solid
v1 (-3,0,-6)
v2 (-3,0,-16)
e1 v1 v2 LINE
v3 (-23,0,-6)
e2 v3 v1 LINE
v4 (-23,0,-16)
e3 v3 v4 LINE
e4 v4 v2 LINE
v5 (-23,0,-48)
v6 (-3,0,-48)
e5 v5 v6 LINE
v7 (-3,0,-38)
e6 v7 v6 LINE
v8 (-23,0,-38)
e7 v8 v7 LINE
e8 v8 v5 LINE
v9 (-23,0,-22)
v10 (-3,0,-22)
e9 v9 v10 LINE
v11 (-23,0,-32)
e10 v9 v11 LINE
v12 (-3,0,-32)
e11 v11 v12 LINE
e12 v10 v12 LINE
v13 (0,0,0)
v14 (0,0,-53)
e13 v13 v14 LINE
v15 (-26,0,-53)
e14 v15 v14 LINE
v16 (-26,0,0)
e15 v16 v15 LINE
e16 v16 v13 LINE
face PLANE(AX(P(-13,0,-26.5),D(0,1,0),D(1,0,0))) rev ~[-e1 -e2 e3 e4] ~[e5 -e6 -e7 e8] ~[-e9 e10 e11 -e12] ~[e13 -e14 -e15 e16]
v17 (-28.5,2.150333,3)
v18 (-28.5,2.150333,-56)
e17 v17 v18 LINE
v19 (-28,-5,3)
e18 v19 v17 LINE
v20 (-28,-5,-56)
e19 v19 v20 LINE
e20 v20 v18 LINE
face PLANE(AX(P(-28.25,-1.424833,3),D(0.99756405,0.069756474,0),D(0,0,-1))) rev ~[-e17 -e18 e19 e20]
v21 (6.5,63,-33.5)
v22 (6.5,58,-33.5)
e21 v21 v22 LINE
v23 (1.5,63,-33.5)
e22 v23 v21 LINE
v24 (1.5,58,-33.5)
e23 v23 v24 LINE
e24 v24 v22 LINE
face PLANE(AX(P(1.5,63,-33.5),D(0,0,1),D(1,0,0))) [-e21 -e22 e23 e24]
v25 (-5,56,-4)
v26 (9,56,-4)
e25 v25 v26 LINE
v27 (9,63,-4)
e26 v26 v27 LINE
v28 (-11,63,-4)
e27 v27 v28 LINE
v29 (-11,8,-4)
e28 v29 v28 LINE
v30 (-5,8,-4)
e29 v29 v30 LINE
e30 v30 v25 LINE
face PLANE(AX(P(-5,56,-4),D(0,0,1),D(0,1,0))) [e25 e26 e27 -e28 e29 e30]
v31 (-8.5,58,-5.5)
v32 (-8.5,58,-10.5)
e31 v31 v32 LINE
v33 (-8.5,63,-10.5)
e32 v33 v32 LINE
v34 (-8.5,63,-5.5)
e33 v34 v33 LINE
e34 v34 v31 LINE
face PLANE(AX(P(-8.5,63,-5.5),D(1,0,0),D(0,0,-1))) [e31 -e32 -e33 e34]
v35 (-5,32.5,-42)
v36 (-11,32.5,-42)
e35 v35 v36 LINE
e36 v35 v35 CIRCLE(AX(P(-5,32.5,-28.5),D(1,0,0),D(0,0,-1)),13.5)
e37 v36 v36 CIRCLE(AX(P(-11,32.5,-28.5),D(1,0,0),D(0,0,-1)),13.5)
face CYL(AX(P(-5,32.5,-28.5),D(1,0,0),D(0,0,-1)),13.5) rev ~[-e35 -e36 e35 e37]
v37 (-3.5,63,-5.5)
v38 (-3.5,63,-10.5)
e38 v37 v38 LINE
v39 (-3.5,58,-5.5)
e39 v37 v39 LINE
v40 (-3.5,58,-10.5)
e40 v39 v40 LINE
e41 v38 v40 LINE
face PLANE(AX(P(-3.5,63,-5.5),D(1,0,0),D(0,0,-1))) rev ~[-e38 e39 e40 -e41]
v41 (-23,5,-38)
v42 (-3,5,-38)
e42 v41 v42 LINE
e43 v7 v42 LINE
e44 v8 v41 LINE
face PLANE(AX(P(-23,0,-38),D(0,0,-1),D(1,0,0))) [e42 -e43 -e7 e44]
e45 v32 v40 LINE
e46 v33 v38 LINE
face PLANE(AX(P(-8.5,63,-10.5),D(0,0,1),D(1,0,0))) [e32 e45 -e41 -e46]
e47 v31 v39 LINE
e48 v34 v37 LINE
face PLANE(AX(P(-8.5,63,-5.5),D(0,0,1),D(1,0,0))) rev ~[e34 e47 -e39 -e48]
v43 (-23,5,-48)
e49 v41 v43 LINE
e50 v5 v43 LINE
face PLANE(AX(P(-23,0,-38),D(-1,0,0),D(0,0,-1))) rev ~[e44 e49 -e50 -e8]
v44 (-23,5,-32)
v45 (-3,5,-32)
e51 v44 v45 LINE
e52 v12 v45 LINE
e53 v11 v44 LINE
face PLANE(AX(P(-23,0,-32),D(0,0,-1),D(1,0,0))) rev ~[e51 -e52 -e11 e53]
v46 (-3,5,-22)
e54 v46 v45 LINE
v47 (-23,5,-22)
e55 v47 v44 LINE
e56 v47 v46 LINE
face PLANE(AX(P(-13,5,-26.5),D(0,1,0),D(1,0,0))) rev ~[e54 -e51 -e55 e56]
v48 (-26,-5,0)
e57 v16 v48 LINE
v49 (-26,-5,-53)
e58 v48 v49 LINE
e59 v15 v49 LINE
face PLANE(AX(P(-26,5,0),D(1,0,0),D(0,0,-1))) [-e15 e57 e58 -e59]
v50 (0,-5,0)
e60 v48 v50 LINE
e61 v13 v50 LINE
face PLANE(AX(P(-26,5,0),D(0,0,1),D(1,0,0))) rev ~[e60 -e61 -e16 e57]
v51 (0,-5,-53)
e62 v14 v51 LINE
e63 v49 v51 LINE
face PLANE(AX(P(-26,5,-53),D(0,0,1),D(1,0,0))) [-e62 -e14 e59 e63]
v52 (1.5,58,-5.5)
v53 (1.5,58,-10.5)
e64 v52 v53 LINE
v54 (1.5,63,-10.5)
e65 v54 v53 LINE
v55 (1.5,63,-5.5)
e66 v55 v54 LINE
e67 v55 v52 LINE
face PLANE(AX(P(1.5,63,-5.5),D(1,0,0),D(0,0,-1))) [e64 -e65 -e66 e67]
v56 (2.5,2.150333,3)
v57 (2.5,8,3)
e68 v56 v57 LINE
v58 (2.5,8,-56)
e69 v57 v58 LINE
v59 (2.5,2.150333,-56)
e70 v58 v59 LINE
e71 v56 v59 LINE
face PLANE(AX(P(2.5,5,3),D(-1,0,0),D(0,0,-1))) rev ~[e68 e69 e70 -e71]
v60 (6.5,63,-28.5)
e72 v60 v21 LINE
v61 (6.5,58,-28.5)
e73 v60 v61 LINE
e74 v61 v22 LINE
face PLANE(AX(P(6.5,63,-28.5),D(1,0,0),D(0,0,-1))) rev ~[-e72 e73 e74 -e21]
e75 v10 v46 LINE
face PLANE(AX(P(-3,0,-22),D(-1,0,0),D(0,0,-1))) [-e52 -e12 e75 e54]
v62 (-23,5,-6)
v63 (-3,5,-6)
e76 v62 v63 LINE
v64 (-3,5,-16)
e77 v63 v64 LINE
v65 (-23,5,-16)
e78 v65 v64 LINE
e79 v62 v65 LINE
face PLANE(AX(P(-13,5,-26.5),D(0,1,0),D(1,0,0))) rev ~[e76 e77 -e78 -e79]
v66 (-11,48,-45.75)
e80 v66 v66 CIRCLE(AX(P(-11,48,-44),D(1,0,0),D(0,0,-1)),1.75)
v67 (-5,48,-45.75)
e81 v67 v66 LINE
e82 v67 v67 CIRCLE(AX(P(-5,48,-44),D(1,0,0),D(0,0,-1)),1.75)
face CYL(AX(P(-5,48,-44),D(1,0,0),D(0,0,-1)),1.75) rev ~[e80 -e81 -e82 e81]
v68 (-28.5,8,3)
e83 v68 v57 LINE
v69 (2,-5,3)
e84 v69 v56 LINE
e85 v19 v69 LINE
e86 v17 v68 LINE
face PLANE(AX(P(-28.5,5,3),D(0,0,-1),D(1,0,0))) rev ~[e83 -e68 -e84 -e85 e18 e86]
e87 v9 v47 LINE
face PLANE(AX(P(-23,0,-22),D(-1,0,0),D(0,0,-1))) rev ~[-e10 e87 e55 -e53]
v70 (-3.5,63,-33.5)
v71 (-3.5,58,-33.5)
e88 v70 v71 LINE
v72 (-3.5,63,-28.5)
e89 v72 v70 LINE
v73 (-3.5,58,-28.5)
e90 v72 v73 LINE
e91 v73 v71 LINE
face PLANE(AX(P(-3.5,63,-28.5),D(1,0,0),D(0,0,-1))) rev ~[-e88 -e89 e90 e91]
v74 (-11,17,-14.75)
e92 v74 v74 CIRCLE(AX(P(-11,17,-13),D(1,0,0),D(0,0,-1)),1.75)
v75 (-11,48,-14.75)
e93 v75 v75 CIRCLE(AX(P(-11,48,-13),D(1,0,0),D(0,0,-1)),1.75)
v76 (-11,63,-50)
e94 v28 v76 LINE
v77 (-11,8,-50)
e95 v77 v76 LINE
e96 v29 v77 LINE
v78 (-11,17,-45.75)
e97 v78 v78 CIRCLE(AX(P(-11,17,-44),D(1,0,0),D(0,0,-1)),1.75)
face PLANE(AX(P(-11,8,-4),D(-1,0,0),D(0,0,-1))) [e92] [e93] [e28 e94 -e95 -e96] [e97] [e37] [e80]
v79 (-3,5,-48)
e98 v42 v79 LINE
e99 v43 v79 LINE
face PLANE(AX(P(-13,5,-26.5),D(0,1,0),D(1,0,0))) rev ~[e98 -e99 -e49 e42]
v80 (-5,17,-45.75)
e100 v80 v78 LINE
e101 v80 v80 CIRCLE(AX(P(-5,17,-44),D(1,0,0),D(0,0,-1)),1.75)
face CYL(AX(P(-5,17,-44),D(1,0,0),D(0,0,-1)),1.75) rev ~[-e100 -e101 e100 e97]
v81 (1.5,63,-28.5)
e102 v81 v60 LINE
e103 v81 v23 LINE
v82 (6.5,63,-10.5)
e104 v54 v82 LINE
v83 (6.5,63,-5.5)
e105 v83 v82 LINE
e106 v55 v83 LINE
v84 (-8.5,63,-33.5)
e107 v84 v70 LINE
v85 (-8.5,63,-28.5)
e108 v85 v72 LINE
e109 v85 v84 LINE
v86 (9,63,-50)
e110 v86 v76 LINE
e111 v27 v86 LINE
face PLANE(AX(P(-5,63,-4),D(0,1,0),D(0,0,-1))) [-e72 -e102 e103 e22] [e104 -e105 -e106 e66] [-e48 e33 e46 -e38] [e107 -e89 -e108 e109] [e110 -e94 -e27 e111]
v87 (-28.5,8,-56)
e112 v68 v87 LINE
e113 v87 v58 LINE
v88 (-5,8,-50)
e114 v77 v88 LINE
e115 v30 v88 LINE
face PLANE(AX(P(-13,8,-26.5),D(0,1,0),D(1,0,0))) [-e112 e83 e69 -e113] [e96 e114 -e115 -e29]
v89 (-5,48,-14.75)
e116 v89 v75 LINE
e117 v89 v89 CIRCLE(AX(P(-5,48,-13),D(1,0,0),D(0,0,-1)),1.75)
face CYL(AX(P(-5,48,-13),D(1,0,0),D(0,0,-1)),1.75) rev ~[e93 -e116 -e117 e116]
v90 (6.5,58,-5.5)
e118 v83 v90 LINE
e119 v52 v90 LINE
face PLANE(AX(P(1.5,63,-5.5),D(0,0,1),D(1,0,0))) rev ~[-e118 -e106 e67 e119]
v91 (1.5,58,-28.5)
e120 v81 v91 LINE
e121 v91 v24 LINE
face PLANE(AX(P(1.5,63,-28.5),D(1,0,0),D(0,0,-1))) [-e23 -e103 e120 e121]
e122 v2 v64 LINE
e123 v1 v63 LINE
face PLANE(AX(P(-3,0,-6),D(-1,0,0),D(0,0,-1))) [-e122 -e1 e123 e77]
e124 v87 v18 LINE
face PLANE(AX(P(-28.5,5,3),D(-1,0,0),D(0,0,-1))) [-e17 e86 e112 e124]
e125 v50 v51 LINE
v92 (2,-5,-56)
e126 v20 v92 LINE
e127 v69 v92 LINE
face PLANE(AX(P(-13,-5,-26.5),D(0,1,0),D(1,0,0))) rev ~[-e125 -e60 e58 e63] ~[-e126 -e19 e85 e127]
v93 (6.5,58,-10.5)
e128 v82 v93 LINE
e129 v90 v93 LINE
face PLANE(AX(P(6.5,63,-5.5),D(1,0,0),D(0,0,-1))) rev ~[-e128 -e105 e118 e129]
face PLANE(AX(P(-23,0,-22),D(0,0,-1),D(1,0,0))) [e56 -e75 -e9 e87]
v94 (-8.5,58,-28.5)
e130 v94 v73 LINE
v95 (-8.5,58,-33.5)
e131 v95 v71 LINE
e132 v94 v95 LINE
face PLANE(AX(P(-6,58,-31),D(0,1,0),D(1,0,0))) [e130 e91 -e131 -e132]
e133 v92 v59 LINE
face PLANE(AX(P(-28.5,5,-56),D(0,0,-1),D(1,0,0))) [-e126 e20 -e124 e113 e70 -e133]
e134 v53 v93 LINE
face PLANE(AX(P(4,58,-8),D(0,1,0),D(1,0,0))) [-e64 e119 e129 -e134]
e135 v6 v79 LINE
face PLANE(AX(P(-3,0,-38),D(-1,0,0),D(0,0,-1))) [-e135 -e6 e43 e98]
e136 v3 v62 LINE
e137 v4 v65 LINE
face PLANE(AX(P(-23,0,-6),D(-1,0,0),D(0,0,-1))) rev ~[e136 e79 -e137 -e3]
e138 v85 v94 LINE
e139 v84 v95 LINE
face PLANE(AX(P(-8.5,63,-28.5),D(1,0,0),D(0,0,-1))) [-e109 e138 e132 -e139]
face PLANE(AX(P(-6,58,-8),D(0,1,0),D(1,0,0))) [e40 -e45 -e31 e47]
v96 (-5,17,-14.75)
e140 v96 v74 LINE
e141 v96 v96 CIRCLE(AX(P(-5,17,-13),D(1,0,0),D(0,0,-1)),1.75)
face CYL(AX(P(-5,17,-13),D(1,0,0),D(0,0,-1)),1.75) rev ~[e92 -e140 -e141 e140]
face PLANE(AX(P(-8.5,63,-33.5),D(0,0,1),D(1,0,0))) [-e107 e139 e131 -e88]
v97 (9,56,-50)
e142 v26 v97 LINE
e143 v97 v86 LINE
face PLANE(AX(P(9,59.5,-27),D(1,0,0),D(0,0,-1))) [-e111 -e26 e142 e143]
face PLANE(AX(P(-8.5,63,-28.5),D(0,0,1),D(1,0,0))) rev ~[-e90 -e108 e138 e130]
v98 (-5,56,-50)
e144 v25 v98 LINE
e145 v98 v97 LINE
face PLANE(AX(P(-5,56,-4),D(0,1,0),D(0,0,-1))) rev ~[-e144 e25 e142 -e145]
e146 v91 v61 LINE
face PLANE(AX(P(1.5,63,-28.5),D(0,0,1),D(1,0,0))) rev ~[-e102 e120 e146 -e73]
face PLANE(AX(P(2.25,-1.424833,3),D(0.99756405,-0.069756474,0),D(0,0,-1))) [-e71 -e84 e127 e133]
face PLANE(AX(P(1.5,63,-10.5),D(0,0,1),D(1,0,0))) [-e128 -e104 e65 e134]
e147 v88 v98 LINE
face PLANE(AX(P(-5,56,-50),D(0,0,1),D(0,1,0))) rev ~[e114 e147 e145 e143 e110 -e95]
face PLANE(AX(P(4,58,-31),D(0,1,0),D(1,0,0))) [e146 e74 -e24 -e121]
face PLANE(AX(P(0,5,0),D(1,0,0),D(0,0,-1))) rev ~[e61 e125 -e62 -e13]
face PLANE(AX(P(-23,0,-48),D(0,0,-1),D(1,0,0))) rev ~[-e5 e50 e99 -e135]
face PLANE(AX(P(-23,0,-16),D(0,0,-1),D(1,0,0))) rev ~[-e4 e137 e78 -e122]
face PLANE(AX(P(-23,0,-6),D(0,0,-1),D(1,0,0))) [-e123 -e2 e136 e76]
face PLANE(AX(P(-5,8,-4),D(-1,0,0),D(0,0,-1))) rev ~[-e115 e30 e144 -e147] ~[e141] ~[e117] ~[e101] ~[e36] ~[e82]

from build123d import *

# Parameters (mm, degrees)
SKETCH1_W           = 26
SKETCH1_H           = 53
SKETCH1_W_2         = 20
SKETCH1_H_2         = 10
BOSS_EXTRUDE1_DEPTH = 5
SKETCH2_W           = 31
SKETCH2_H           = 59
SKETCH2_W_2         = 26
SKETCH2_H_2         = 53
BOSS_EXTRUDE2_DEPTH = 10
SKETCH3_W           = 31
SKETCH3_H           = 59
BOSS_EXTRUDE3_DEPTH = 3
SKETCH4_W           = 6
SKETCH4_H           = 46
BOSS_EXTRUDE4_DEPTH = 55
SKETCH5_R           = 1.75
SKETCH5_R_2         = 13.5
CUT_EXTRUDE1_DEPTH  = 24.5
CHAMFER1_SIZE       = 0.5
CHAMFER1_SIZE2      = 7.150333128
SKETCH6_W           = 46
SKETCH6_H           = 7
BOSS_EXTRUDE5_DEPTH = 14
SKETCH7_W           = 5
SKETCH7_H           = 5
CUT_EXTRUDE2_DEPTH  = 5


with BuildPart() as part:
    # Sketch1 → Boss-Extrude1 (new body)
    with BuildSketch(Plane(origin=(0, 0, 0), x_dir=(1, 0, 0), z_dir=(0, 1, 0))):
        with Locations((-13, 26.5)):
            Rectangle(SKETCH1_W, SKETCH1_H)
        with Locations((-13, 27)):
            Rectangle(SKETCH1_W_2, SKETCH1_H_2, mode=Mode.SUBTRACT)
        with Locations((-13, 43)):
            Rectangle(SKETCH1_W_2, SKETCH1_H_2, mode=Mode.SUBTRACT)
        with Locations((-13, 11)):
            Rectangle(SKETCH1_W_2, SKETCH1_H_2, mode=Mode.SUBTRACT)
    extrude(amount=BOSS_EXTRUDE1_DEPTH)

    # Sketch2 → Boss-Extrude2 (add)
    with BuildSketch(Plane(origin=(0, 5, 0), x_dir=(1, 0, 0), z_dir=(0, 1, 0))):
        with Locations((-13, 26.5)):
            Rectangle(SKETCH2_W, SKETCH2_H)
        with Locations((-13, 26.5)):
            Rectangle(SKETCH2_W_2, SKETCH2_H_2, mode=Mode.SUBTRACT)
    extrude(amount=-BOSS_EXTRUDE2_DEPTH)

    # Sketch3 → Boss-Extrude3 (add)
    with BuildSketch(Plane(origin=(0, 5, 0), x_dir=(1, 0, 0), z_dir=(0, 1, 0))):
        with Locations((-13, 26.5)):
            Rectangle(SKETCH3_W, SKETCH3_H)
    extrude(amount=BOSS_EXTRUDE3_DEPTH)

    # Sketch4 → Boss-Extrude4 (add)
    with BuildSketch(Plane(origin=(0, 8, 0), x_dir=(1, 0, 0), z_dir=(0, 1, 0))):
        with Locations((-8, 27)):
            Rectangle(SKETCH4_W, SKETCH4_H)
    extrude(amount=BOSS_EXTRUDE4_DEPTH)

    # Sketch5 → Cut-Extrude1 (cut, through all)
    with BuildSketch(Plane(origin=(-5, 0, 0), x_dir=(0, 0, -1), z_dir=(1, 0, 0))):
        with Locations((44, 17)):
            Circle(SKETCH5_R)
        with Locations((13, 17)):
            Circle(SKETCH5_R)
        with Locations((13, 48)):
            Circle(SKETCH5_R)
        with Locations((44, 48)):
            Circle(SKETCH5_R)
        with Locations((28.5, 32.5)):
            Circle(SKETCH5_R_2)
    extrude(amount=-CUT_EXTRUDE1_DEPTH, mode=Mode.SUBTRACT)

    # Chamfer1
    chamfer1_edges = [part.edges().sort_by_distance(p)[0] for p in [
        (-28.5, -5, -26.5),
        (2.5, -5, -26.5),
    ]]
    chamfer1_side = [part.faces().sort_by_distance(p)[0] for p in [
        (-13, -5, -55.333516692),
    ]]
    chamfer(chamfer1_edges, length=CHAMFER1_SIZE, length2=CHAMFER1_SIZE2, reference=chamfer1_side[0])

    # Sketch6 → Boss-Extrude5 (add)
    with BuildSketch(Plane(origin=(-5, 0, 0), x_dir=(0, 0, -1), z_dir=(1, 0, 0))):
        with Locations((27, 59.5)):
            Rectangle(SKETCH6_W, SKETCH6_H)
    extrude(amount=BOSS_EXTRUDE5_DEPTH)

    # Sketch7 → Cut-Extrude2 (cut)
    with BuildSketch(Plane(origin=(0, 63, 0), x_dir=(1, 0, 0), z_dir=(0, 1, 0))):
        with Locations((-6, 31)):
            Rectangle(SKETCH7_W, SKETCH7_H)
        with Locations((4, 31)):
            Rectangle(SKETCH7_W, SKETCH7_H)
        with Locations((-6, 8)):
            Rectangle(SKETCH7_W, SKETCH7_H)
        with Locations((4, 8)):
            Rectangle(SKETCH7_W, SKETCH7_H)
    extrude(amount=-CUT_EXTRUDE2_DEPTH, mode=Mode.SUBTRACT)


solid = part.part
